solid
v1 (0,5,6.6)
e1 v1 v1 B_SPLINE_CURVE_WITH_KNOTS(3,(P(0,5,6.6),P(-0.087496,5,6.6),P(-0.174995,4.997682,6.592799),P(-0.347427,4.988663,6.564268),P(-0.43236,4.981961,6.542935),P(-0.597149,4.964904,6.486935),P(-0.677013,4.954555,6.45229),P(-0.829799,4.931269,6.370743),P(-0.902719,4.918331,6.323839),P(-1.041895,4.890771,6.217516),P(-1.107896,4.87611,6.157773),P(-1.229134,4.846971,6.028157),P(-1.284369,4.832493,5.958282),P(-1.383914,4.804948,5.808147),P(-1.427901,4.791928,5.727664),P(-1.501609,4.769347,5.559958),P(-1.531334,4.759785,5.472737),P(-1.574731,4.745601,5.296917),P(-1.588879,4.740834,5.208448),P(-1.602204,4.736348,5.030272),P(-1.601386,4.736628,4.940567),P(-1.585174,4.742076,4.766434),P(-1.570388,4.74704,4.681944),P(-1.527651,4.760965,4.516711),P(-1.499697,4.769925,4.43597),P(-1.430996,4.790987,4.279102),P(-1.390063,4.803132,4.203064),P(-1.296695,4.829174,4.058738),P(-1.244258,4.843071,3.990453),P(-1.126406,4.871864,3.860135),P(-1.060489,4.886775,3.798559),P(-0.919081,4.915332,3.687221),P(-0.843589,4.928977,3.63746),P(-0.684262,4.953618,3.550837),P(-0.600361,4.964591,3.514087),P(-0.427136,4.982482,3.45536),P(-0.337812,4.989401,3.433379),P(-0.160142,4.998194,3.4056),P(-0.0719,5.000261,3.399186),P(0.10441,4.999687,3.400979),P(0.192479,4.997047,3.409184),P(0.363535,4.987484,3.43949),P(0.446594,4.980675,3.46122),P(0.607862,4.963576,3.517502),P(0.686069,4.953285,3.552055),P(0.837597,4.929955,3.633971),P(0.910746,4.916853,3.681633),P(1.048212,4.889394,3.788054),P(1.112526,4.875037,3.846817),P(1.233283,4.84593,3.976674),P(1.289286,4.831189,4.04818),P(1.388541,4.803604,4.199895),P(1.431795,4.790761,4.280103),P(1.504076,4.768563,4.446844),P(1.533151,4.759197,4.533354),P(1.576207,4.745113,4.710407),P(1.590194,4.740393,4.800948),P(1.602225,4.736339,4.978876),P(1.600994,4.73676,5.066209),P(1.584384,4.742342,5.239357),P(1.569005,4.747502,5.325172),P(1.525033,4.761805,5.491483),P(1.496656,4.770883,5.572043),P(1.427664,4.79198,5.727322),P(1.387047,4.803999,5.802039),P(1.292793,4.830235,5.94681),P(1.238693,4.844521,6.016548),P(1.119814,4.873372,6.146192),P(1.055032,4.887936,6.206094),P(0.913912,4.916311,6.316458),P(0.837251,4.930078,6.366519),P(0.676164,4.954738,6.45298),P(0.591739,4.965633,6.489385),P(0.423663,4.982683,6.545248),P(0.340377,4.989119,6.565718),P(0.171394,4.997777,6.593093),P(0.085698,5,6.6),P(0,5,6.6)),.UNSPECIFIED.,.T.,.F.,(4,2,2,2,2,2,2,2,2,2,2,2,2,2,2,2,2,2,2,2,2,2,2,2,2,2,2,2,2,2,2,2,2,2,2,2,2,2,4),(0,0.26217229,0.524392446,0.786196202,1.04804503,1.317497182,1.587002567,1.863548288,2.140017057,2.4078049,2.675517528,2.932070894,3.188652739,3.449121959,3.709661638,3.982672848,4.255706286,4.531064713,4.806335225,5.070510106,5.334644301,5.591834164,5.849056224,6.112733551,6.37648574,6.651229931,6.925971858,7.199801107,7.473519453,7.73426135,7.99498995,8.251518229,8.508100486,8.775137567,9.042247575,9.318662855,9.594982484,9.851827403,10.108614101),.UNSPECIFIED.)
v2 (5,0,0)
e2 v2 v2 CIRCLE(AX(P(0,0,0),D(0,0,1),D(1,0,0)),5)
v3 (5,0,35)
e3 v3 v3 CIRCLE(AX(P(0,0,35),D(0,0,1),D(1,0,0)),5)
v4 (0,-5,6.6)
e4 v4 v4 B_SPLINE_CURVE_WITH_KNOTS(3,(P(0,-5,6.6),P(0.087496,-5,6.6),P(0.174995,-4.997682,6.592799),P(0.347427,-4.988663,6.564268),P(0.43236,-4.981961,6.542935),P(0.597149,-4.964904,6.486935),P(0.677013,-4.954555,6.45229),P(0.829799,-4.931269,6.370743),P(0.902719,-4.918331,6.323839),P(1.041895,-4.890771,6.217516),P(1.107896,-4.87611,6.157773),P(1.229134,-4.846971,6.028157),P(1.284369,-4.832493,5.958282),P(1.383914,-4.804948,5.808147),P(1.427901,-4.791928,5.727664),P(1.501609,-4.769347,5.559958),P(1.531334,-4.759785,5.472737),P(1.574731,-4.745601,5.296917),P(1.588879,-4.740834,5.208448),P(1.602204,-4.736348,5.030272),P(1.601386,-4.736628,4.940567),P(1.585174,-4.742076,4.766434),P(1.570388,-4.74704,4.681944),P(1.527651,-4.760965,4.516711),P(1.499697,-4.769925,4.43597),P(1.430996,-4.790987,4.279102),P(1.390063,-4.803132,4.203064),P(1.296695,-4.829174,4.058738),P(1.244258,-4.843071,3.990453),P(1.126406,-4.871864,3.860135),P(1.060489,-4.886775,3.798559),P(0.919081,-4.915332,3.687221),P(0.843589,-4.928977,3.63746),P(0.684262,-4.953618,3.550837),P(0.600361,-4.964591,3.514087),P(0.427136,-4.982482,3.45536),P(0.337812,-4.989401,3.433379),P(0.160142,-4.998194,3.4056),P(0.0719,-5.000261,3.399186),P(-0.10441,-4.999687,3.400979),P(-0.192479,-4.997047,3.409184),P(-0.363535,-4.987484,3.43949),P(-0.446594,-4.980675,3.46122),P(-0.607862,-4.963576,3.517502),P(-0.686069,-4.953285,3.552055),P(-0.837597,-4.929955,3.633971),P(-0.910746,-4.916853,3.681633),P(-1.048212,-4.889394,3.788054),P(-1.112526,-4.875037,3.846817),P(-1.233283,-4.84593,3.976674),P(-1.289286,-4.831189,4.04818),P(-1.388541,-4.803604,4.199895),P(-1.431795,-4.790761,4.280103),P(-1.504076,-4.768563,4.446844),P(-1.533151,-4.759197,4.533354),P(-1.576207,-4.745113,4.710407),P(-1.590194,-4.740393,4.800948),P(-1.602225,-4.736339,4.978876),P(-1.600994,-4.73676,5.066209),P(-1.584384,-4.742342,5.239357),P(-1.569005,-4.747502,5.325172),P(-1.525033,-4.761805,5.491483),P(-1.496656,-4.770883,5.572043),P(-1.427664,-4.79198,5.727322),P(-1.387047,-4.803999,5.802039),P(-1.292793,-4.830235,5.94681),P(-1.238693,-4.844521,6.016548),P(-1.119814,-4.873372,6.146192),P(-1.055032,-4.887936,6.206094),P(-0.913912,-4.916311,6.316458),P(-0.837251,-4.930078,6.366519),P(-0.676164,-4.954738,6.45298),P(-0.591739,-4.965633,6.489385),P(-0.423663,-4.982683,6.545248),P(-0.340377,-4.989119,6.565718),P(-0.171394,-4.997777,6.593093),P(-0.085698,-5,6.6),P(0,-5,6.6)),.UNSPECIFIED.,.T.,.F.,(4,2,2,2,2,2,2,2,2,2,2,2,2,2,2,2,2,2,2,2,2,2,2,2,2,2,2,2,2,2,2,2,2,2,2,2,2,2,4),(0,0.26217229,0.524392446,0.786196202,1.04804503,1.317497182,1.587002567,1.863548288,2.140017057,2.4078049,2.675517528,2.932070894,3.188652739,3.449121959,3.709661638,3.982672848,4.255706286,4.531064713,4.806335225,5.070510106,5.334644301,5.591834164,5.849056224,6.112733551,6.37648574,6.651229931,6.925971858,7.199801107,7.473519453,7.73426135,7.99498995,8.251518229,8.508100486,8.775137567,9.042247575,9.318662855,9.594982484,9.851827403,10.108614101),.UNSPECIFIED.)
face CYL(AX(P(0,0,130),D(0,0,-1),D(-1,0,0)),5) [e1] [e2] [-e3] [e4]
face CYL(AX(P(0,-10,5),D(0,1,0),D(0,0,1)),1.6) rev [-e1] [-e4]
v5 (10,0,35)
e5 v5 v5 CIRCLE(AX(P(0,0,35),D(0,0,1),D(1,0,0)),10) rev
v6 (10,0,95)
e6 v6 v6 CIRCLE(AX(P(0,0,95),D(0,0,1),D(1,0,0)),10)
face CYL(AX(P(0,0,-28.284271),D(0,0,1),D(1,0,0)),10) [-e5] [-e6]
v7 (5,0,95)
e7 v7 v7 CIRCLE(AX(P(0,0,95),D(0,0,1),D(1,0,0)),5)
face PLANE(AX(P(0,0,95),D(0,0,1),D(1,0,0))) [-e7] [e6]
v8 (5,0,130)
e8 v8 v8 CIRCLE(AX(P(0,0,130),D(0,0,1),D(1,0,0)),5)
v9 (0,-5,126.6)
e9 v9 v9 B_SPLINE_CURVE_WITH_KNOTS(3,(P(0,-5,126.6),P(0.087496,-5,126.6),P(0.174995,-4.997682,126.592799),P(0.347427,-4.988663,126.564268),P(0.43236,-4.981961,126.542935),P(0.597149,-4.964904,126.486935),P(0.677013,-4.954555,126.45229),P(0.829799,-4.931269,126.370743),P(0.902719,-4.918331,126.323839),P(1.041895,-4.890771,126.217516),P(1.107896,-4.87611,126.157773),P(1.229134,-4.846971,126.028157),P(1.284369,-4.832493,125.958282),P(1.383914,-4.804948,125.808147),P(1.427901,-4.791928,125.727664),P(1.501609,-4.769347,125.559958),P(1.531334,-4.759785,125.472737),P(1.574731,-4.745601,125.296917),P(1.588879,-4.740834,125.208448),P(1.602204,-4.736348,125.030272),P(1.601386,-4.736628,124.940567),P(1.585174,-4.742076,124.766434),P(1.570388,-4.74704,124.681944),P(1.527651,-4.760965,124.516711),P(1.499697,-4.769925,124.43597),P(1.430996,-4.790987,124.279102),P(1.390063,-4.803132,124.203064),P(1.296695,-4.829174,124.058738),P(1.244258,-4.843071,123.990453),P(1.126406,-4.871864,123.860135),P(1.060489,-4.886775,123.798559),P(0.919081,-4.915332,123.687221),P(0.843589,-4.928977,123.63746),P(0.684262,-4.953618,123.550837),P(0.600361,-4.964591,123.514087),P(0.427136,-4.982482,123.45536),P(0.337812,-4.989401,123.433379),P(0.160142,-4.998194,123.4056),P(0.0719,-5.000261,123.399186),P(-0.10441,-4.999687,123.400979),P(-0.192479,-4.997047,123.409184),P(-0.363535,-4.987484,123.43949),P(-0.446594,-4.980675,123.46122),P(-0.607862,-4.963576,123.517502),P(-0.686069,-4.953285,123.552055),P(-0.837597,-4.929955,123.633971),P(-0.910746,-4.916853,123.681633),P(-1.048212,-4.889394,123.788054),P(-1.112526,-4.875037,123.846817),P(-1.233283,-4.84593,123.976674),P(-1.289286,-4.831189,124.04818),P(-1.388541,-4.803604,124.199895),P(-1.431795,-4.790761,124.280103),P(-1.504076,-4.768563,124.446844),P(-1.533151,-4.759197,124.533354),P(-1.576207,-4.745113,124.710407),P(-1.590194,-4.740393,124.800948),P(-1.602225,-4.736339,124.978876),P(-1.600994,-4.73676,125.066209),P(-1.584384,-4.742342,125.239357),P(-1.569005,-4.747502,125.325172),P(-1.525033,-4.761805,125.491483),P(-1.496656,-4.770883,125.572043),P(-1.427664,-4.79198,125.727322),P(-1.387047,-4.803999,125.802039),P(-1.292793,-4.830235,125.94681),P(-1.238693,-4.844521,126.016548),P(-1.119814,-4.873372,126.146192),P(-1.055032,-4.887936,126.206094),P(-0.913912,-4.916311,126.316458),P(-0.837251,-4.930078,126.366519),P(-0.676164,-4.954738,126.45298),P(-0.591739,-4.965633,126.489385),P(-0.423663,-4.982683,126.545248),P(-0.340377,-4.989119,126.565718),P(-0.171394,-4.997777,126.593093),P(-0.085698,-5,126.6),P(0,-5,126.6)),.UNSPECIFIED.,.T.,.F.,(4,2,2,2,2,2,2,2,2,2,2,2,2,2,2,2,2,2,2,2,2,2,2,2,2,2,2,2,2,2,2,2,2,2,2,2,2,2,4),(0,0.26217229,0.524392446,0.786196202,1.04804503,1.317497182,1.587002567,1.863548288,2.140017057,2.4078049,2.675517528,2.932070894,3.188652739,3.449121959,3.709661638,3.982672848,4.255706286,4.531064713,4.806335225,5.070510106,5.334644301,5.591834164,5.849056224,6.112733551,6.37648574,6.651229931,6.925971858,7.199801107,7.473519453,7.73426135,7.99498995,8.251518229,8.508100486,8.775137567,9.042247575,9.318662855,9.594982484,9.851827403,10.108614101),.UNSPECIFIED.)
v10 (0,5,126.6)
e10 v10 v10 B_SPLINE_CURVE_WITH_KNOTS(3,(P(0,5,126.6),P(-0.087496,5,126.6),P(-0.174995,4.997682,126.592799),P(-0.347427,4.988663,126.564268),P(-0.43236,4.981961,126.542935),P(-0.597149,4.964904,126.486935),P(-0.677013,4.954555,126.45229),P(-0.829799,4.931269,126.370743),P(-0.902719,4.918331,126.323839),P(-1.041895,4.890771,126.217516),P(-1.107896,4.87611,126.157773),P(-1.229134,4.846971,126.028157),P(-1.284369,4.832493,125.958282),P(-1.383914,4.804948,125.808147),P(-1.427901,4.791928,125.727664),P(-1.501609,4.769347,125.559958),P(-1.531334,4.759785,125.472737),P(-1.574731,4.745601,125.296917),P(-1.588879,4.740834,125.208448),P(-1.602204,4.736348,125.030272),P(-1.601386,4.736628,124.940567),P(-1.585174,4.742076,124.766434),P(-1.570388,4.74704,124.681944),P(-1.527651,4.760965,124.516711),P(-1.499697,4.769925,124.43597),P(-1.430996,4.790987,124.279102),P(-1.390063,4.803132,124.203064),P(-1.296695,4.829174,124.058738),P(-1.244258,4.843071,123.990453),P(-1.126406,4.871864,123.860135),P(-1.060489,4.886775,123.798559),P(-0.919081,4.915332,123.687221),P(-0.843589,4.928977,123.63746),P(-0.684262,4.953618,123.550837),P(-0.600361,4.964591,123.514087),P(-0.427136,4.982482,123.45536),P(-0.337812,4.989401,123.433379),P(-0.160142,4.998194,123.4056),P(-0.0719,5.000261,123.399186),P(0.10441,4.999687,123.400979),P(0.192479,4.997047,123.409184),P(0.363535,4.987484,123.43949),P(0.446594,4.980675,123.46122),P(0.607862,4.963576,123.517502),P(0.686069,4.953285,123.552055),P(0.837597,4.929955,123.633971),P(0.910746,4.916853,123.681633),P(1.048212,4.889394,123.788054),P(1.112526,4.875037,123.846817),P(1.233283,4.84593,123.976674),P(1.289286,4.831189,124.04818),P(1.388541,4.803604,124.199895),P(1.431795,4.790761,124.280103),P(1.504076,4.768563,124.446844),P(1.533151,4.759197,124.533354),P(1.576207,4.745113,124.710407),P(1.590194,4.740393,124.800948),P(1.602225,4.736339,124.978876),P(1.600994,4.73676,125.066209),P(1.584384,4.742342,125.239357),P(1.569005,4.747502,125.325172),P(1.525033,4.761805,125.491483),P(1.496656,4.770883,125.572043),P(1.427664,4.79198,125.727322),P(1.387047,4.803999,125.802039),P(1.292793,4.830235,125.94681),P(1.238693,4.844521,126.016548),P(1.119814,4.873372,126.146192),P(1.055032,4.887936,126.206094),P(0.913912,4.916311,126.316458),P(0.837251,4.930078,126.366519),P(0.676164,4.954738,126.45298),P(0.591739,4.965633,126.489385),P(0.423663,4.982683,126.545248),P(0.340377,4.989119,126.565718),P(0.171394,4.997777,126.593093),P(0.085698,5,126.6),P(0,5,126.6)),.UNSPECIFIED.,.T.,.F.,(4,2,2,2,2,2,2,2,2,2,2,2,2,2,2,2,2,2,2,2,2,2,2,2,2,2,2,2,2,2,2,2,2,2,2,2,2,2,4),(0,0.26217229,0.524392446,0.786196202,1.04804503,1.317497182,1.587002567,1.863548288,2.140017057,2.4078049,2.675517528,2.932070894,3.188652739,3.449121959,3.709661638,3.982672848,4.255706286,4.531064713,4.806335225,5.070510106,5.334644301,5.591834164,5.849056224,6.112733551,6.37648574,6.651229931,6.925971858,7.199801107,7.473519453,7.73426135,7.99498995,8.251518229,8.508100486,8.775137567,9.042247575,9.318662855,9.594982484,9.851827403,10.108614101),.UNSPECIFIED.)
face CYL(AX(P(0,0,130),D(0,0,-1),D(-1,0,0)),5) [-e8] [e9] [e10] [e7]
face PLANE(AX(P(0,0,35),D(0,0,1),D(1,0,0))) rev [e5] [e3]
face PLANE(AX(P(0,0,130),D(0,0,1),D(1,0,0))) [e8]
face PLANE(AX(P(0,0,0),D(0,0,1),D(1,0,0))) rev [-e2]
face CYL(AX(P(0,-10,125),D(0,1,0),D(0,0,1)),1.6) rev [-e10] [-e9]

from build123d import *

# Parameters (mm, degrees)
SKETCH_1_R               = 5
EXTRUDE_1_DEPTH          = 130
EXTRUDE_START            = -35
SKETCH_2_R               = 10
EXTRUDE_2_DEPTH          = 60
CUT_EXTRUDE_1_DEPTH      = 131.766968306
CUT_EXTRUDE_1_DEPTH_BACK = 131.766968306
SKETCH_3_R               = 1.6


with BuildPart() as part:
    # 草图1 → 凸台-拉伸1 (new body)
    with BuildSketch(Plane.XY):
        Circle(SKETCH_1_R)
    extrude(amount=EXTRUDE_1_DEPTH)

    # 草图2 → 凸台-拉伸2 (add)
    with BuildSketch(Plane.XY.offset(130).offset(EXTRUDE_START)):
        Circle(SKETCH_2_R)
    extrude(amount=-EXTRUDE_2_DEPTH)

    # 草图3 → 切除-拉伸1 (cut, two sides: drawn at the far end of the back side and taken through both)
    with BuildSketch(Plane(origin=(0, 0, 0), x_dir=(1, 0, 0), z_dir=(0, 1, 0)).offset(-CUT_EXTRUDE_1_DEPTH_BACK)):
        with Locations(Location((0, -125, 0), (0, 0, 270))):
            Circle(SKETCH_3_R)
        with Locations(Location((0, -5, 0), (0, 0, 270))):
            Circle(SKETCH_3_R)
    extrude(amount=CUT_EXTRUDE_1_DEPTH + CUT_EXTRUDE_1_DEPTH_BACK, mode=Mode.SUBTRACT)


solid = part.part
